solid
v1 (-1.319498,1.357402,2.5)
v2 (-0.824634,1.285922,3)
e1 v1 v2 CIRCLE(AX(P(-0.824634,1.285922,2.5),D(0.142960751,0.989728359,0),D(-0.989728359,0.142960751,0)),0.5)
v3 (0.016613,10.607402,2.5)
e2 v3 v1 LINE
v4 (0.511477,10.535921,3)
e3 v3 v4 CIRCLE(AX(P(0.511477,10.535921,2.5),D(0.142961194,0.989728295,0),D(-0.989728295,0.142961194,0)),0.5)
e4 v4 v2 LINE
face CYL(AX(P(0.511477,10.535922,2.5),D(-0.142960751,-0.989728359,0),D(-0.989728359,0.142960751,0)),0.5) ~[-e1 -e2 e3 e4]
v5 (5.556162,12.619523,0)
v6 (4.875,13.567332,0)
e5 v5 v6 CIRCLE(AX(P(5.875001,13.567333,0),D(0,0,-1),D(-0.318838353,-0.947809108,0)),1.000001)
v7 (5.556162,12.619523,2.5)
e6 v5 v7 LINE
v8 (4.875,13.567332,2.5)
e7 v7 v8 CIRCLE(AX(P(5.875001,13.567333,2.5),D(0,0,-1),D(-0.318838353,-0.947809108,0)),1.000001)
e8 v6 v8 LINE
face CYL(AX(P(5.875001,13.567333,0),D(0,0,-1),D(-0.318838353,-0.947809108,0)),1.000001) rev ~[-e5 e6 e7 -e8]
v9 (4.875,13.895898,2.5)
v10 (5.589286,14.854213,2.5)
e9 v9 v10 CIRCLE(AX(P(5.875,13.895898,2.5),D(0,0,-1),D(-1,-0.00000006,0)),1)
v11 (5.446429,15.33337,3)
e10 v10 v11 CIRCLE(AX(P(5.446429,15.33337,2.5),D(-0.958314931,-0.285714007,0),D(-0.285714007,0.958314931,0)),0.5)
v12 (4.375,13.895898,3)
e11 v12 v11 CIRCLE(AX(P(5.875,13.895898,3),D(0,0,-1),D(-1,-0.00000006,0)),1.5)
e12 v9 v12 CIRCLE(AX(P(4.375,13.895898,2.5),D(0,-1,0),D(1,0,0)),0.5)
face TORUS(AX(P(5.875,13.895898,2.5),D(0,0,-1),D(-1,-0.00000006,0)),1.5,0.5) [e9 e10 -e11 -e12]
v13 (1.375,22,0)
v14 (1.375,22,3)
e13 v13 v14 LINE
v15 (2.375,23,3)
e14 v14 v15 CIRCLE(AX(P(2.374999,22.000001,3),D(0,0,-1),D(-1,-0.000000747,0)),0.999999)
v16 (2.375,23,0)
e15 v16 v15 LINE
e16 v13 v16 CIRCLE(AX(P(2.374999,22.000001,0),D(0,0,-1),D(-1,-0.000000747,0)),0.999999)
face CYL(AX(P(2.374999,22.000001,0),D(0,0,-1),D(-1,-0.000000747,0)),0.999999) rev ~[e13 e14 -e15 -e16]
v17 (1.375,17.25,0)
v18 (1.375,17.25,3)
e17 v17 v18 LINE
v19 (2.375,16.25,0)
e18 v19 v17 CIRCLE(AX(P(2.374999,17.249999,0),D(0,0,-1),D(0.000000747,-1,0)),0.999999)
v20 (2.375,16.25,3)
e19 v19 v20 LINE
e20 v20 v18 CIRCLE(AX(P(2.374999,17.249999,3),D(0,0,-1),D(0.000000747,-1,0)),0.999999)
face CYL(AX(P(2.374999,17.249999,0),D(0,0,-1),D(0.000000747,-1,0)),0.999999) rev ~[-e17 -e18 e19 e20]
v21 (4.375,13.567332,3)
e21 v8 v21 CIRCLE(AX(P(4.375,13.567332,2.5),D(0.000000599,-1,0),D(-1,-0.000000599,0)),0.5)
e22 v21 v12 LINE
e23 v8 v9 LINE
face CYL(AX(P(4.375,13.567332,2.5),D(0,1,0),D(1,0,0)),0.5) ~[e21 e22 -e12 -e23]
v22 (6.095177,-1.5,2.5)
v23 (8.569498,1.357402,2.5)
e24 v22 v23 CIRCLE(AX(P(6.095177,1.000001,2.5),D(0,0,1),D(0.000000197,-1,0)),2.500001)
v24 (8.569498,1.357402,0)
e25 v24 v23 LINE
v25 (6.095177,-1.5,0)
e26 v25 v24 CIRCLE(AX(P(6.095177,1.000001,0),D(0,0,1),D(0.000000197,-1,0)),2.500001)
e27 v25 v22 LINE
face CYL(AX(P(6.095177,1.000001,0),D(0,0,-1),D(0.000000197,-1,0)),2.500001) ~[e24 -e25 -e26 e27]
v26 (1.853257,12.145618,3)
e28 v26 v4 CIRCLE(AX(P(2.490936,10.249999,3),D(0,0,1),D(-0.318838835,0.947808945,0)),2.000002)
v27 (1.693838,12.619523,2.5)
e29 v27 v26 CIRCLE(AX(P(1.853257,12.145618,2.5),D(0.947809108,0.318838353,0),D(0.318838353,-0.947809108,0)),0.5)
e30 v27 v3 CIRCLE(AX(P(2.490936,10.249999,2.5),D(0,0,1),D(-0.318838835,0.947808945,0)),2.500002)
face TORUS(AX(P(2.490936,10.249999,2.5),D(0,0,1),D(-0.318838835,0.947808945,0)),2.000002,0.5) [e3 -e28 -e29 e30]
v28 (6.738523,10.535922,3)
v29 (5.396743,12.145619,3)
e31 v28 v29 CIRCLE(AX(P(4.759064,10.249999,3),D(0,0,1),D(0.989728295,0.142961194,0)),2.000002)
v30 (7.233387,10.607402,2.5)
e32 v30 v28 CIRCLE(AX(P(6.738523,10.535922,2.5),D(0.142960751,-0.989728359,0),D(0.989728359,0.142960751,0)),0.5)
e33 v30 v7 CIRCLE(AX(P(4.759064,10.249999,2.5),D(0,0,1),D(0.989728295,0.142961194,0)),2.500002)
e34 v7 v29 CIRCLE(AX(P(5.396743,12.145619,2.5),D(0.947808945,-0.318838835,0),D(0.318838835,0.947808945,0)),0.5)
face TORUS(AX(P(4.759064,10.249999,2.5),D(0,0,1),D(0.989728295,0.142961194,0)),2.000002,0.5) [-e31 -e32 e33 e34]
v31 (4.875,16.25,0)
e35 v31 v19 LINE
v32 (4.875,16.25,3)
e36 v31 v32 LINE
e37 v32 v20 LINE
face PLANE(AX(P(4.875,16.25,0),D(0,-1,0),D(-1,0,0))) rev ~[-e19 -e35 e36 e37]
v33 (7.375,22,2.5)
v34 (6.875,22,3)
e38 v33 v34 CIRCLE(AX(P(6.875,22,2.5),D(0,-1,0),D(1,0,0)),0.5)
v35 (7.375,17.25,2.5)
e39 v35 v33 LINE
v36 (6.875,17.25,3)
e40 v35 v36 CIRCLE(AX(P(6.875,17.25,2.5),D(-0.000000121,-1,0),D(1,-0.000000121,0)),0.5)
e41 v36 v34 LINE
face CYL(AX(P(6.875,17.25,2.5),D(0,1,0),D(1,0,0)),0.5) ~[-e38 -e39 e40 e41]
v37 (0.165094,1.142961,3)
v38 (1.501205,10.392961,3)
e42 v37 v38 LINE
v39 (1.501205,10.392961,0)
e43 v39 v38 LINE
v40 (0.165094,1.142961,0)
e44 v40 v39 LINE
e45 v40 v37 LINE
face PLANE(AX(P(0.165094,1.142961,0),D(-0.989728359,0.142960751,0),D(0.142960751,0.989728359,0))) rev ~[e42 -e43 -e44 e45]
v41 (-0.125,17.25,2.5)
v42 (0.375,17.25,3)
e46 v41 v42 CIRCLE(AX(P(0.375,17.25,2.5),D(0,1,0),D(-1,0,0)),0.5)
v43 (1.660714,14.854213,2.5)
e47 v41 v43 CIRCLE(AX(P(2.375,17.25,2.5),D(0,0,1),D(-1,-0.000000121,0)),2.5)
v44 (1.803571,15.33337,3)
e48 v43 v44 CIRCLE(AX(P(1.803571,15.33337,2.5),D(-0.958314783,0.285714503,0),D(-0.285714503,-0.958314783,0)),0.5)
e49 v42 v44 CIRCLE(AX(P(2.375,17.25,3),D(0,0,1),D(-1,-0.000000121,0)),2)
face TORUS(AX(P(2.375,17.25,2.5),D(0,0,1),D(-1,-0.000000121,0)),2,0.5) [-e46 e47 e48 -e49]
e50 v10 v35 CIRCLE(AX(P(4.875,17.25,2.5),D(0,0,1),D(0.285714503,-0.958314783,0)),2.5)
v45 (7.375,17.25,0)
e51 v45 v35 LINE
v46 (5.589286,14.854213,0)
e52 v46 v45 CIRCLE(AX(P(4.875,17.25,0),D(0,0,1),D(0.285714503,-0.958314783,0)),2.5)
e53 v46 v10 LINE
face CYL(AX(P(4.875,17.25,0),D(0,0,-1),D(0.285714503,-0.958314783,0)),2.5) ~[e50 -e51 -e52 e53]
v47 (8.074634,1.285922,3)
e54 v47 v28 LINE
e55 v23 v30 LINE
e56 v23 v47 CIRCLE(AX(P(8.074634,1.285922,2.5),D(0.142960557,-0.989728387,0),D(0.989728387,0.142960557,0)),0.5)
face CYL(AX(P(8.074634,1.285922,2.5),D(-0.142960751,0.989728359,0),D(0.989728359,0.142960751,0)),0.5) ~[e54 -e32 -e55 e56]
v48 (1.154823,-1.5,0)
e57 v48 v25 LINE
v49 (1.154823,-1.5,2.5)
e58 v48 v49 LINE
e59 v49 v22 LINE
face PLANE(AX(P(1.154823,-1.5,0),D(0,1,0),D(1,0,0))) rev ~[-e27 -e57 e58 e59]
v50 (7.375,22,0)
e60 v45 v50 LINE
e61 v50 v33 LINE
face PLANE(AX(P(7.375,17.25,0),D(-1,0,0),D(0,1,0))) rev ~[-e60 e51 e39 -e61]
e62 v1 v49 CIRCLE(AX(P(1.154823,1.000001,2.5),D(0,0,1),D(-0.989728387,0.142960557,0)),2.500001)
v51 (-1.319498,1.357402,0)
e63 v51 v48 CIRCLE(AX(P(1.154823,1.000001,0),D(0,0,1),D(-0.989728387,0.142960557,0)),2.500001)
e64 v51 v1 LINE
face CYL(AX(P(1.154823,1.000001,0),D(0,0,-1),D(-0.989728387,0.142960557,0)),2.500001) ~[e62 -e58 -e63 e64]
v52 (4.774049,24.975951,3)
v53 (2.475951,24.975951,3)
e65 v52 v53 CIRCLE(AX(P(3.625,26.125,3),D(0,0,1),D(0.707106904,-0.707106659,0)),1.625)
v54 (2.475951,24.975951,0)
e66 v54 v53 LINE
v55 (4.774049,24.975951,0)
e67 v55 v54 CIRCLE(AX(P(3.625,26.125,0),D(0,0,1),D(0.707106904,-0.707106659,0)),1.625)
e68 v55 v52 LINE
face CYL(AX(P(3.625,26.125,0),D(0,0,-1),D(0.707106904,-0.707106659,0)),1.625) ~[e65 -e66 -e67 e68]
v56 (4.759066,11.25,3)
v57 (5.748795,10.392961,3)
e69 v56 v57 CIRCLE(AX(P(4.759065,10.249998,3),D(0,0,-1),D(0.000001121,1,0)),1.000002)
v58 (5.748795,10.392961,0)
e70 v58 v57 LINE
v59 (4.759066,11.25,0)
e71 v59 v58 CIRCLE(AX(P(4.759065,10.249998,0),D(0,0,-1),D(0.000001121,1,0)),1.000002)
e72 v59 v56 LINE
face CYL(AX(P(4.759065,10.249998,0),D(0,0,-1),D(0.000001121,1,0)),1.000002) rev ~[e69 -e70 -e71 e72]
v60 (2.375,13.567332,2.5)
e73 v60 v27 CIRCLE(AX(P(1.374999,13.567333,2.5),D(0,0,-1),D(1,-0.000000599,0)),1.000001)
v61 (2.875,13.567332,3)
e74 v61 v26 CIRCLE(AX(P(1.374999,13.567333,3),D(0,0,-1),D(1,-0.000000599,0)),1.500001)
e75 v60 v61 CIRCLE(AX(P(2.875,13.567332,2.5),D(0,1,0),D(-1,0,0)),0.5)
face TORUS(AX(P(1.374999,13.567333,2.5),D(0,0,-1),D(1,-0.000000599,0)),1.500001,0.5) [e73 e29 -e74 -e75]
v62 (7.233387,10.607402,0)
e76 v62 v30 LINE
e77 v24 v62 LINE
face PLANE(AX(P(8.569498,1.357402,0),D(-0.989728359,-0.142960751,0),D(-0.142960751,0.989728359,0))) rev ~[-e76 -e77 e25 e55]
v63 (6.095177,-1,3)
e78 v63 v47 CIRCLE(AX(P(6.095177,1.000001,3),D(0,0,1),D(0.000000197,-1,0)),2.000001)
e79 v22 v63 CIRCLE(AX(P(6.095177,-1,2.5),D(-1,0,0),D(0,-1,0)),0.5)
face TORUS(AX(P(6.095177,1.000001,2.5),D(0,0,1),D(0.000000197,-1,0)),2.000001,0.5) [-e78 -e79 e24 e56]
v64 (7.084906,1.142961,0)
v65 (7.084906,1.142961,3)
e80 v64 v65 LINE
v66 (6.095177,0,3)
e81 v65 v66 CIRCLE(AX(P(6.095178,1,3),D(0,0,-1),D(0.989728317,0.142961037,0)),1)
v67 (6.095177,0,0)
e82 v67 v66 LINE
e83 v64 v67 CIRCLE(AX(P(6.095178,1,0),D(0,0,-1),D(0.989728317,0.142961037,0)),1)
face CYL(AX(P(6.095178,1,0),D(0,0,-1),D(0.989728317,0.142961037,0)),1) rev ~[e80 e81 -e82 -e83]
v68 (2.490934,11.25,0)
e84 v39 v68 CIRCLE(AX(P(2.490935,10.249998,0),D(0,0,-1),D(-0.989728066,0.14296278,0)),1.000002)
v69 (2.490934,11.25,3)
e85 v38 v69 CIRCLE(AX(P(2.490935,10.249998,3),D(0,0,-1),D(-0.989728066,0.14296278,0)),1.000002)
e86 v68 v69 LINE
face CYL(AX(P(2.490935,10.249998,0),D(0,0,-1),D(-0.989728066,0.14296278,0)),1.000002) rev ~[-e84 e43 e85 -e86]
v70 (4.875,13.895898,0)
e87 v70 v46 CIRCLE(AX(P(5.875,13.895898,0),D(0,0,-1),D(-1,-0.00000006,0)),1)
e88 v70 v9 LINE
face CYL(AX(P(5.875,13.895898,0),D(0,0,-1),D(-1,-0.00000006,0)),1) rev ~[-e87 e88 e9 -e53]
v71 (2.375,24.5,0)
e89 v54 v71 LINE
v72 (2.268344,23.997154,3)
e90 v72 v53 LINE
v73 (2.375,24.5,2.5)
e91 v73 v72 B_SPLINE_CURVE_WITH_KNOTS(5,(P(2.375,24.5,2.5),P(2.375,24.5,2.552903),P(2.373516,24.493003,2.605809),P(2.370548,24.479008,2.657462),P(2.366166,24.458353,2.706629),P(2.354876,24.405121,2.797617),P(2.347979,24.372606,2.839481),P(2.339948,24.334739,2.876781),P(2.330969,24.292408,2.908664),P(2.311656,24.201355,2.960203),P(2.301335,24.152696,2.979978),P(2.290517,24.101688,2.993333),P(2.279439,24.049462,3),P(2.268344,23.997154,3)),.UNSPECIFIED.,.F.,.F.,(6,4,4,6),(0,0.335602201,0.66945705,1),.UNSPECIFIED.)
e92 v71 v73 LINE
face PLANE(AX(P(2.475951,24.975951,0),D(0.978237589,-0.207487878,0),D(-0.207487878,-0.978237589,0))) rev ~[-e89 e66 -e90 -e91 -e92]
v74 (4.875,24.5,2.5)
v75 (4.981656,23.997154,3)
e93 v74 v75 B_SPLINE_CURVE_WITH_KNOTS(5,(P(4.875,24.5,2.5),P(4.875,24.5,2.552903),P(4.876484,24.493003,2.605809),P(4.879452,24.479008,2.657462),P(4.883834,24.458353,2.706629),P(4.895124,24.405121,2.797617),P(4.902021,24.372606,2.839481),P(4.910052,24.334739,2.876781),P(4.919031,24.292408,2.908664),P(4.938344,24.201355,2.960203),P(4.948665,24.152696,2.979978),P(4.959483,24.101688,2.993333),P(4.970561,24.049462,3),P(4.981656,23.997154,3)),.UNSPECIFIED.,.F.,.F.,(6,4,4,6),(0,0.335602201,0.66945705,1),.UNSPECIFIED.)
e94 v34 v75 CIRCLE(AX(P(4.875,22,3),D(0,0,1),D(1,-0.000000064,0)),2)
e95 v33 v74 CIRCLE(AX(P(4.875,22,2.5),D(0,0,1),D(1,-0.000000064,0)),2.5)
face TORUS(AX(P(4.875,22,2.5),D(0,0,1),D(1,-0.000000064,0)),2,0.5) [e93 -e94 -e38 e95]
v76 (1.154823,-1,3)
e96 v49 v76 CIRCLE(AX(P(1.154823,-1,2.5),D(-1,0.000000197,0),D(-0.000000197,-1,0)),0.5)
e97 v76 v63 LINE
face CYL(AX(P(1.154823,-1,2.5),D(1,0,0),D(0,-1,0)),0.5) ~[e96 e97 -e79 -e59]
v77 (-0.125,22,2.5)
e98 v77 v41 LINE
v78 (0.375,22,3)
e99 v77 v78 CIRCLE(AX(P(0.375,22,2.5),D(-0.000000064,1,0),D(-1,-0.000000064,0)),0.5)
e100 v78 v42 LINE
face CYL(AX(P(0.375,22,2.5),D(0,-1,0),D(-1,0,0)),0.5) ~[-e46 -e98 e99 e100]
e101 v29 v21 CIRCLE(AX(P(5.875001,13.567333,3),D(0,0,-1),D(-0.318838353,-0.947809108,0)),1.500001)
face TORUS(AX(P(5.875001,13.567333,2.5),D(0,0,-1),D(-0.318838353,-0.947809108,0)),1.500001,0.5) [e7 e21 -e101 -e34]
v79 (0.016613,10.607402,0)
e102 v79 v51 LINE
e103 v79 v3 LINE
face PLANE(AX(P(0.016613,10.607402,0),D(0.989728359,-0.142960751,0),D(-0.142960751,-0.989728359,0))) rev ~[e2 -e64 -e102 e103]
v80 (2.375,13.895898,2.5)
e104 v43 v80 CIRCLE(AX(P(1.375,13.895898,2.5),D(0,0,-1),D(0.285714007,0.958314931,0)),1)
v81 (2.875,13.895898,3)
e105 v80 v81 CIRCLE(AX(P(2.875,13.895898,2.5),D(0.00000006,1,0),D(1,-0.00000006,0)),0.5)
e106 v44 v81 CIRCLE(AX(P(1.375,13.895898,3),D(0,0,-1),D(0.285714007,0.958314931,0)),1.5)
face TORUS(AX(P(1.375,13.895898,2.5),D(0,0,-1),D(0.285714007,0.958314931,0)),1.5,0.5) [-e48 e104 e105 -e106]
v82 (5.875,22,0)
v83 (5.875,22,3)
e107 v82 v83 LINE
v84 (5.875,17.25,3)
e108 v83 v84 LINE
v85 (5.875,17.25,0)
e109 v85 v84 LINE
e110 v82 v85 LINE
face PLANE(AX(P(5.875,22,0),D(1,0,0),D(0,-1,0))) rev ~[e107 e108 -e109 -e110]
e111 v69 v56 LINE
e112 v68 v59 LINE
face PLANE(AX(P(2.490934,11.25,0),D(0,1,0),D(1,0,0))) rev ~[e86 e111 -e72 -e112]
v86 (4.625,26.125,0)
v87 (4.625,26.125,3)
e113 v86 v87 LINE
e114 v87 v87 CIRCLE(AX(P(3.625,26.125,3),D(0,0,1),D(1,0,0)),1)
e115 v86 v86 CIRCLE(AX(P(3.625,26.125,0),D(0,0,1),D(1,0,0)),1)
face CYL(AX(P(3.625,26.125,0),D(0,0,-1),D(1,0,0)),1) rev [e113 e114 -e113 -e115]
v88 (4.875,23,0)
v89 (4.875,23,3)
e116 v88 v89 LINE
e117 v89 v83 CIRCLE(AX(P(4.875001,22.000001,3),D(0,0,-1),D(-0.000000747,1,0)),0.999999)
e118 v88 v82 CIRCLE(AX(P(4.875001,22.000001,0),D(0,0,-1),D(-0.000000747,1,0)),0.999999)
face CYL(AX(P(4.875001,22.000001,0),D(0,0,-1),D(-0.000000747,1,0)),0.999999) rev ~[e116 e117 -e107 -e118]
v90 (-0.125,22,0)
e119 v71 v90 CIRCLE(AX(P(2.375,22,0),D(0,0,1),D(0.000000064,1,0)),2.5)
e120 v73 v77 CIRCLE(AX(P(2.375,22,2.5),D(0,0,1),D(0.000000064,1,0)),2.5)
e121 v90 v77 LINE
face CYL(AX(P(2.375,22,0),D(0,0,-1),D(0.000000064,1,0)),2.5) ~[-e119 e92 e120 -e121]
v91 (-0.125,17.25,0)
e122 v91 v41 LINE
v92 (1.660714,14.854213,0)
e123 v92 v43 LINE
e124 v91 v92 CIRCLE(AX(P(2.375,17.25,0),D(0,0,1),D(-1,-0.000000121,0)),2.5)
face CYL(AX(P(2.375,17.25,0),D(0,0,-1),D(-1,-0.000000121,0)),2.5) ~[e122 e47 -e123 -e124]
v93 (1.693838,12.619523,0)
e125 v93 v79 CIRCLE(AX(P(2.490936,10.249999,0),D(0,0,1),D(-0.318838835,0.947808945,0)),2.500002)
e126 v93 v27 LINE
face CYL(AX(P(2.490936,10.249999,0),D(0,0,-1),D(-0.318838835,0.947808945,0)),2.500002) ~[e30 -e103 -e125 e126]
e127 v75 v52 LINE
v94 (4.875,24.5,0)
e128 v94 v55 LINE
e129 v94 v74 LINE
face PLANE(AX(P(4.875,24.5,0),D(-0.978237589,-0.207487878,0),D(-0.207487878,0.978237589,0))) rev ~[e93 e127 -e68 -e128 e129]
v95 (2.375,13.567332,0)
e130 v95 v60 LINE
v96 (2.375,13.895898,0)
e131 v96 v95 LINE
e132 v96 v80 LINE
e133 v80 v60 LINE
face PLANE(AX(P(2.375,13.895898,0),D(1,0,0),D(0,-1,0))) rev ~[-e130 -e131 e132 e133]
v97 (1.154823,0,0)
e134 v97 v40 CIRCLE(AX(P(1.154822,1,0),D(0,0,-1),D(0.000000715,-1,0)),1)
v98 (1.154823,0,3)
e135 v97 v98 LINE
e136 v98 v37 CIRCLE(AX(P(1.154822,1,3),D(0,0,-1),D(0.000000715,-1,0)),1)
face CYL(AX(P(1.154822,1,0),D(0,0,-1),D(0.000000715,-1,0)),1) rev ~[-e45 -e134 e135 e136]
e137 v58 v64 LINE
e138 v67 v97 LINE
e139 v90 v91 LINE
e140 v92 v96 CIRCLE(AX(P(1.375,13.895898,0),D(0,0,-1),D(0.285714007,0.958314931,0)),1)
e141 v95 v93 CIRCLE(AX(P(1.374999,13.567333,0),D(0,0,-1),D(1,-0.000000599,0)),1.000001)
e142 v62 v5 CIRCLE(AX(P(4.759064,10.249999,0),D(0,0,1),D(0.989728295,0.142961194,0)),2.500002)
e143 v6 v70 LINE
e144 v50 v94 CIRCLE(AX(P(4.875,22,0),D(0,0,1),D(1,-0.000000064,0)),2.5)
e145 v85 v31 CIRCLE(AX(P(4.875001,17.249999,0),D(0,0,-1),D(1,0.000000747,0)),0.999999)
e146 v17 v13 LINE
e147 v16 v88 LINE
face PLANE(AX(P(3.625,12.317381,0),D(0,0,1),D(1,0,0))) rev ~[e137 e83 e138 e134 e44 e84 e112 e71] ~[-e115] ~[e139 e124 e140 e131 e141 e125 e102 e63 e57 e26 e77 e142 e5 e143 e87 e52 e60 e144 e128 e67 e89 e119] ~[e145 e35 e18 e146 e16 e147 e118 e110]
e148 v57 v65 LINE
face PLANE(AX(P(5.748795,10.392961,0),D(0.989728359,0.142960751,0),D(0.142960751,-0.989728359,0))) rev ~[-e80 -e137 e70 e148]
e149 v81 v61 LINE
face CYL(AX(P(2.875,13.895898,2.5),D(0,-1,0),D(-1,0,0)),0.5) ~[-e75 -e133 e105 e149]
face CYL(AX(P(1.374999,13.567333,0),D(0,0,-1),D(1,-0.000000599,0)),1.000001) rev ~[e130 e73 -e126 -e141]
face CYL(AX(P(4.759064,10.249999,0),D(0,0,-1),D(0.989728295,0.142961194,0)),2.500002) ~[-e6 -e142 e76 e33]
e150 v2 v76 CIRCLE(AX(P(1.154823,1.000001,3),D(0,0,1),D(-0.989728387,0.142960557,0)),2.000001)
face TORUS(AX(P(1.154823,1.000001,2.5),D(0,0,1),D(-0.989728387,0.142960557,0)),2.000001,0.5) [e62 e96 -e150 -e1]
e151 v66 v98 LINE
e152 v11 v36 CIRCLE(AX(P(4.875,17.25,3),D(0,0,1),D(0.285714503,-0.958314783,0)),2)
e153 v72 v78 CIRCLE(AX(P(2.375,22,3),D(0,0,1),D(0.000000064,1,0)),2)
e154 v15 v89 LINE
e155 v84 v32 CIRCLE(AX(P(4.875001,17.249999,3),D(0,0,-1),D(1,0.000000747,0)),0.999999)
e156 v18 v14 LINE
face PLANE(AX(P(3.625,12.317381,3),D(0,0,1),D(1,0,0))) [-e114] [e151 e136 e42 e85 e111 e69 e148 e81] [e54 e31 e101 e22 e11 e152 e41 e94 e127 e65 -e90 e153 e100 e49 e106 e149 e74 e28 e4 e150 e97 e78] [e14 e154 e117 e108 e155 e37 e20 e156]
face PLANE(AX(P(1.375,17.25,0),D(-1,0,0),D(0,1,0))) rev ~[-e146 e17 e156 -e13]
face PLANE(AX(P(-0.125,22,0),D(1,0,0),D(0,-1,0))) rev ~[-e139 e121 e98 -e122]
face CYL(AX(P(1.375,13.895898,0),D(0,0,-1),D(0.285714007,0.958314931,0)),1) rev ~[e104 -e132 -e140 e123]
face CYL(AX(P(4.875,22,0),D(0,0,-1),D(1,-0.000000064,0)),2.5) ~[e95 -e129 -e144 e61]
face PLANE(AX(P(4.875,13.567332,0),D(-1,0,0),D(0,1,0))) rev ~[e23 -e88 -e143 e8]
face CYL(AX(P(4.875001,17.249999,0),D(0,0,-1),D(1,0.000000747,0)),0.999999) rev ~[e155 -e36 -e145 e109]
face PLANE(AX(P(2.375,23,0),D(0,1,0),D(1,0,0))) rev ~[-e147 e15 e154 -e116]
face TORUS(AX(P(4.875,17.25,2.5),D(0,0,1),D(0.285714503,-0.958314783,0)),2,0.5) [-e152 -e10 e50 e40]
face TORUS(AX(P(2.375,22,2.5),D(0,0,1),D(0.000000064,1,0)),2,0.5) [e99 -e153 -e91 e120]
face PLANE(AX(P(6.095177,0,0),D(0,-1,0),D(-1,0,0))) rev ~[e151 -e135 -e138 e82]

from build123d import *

# Parameters (mm, degrees)
F0_R     = 1
F1_DEPTH = 3
F2_R     = 0.5


with BuildPart() as f1:
    # F0 (on Top) → F1 (new body)
    with BuildSketch(Plane.XY):
        with BuildLine():
            Line((-0.125, 22), (-0.125, 17.25))
            ThreePointArc((-0.125, 17.25), (0.370541, 15.755964), (1.660714, 14.854213))
            ThreePointArc((1.660714, 14.854213), (2.176784, 14.493512), (2.375, 13.895898))
            Line((2.375, 13.895898), (2.375, 13.567332))
            ThreePointArc((2.375, 13.567332), (2.187046, 12.983739), (1.693838, 12.619523))
            ThreePointArc((1.693838, 12.619523), (0.570596, 11.850719), (0.016613, 10.607402))
            Line((0.016613, 10.607402), (-1.319498, 1.357402))
            ThreePointArc((-1.319498, 1.357402), (-0.735085, -0.636535), (1.154823, -1.5))
            Line((1.154823, -1.5), (6.095177, -1.5))
            ThreePointArc((6.095177, -1.5), (7.985085, -0.636535), (8.569498, 1.357402))
            Line((8.569498, 1.357402), (7.233387, 10.607402))
            ThreePointArc((7.233387, 10.607402), (6.679404, 11.850719), (5.556162, 12.619523))
            ThreePointArc((5.556162, 12.619523), (5.062954, 12.983739), (4.875, 13.567332))
            Line((4.875, 13.567332), (4.875, 13.895898))
            ThreePointArc((4.875, 13.895898), (5.073216, 14.493512), (5.589286, 14.854213))
            ThreePointArc((5.589286, 14.854213), (6.879459, 15.755964), (7.375, 17.25))
            Line((7.375, 17.25), (7.375, 22))
            ThreePointArc((7.375, 22), (6.642767, 23.767767), (4.875, 24.5))
            Line((4.875, 24.5), (4.774049, 24.975951))
            ThreePointArc((4.774049, 24.975951), (3.625, 27.75), (2.475951, 24.975951))
            Line((2.475951, 24.975951), (2.375, 24.5))
            ThreePointArc((2.375, 24.5), (0.607233, 23.767767), (-0.125, 22))
        make_face()
        with BuildLine():
            Line((6.095177, 0), (1.154823, 0))
            ThreePointArc((1.154823, 0), (0.398859, 0.345386), (0.165094, 1.142961))
            Line((0.165094, 1.142961), (1.501205, 10.392961))
            ThreePointArc((1.501205, 10.392961), (1.83632, 11.005963), (2.490934, 11.25))
            Line((2.490934, 11.25), (3.625, 11.25))
            Line((3.625, 11.25), (4.759066, 11.25))
            ThreePointArc((4.759066, 11.25), (5.41368, 11.005963), (5.748795, 10.392961))
            Line((5.748795, 10.392961), (7.084906, 1.142961))
            ThreePointArc((7.084906, 1.142961), (6.851141, 0.345386), (6.095177, 0))
        make_face(mode=Mode.SUBTRACT)
        with BuildLine():
            Line((4.875, 16.25), (3.625, 16.25))
            Line((3.625, 16.25), (2.375, 16.25))
            ThreePointArc((2.375, 16.25), (1.667893, 16.542893), (1.375, 17.25))
            Line((1.375, 17.25), (1.375, 22))
            ThreePointArc((1.375, 22), (1.667893, 22.707107), (2.375, 23))
            Line((2.375, 23), (4.875, 23))
            ThreePointArc((4.875, 23), (5.582107, 22.707107), (5.875, 22))
            Line((5.875, 22), (5.875, 17.25))
            ThreePointArc((5.875, 17.25), (5.582107, 16.542893), (4.875, 16.25))
        make_face(mode=Mode.SUBTRACT)
        with Locations((3.625, 26.125)):
            Circle(F0_R, mode=Mode.SUBTRACT)
    extrude(amount=F1_DEPTH)

    # F2
    f2_edges = [f1.edges().sort_by_distance(p)[0] for p in [
        (7.901443, 5.982402, 3),
    ]]
    fillet(f2_edges, radius=F2_R)


solid = f1.part
